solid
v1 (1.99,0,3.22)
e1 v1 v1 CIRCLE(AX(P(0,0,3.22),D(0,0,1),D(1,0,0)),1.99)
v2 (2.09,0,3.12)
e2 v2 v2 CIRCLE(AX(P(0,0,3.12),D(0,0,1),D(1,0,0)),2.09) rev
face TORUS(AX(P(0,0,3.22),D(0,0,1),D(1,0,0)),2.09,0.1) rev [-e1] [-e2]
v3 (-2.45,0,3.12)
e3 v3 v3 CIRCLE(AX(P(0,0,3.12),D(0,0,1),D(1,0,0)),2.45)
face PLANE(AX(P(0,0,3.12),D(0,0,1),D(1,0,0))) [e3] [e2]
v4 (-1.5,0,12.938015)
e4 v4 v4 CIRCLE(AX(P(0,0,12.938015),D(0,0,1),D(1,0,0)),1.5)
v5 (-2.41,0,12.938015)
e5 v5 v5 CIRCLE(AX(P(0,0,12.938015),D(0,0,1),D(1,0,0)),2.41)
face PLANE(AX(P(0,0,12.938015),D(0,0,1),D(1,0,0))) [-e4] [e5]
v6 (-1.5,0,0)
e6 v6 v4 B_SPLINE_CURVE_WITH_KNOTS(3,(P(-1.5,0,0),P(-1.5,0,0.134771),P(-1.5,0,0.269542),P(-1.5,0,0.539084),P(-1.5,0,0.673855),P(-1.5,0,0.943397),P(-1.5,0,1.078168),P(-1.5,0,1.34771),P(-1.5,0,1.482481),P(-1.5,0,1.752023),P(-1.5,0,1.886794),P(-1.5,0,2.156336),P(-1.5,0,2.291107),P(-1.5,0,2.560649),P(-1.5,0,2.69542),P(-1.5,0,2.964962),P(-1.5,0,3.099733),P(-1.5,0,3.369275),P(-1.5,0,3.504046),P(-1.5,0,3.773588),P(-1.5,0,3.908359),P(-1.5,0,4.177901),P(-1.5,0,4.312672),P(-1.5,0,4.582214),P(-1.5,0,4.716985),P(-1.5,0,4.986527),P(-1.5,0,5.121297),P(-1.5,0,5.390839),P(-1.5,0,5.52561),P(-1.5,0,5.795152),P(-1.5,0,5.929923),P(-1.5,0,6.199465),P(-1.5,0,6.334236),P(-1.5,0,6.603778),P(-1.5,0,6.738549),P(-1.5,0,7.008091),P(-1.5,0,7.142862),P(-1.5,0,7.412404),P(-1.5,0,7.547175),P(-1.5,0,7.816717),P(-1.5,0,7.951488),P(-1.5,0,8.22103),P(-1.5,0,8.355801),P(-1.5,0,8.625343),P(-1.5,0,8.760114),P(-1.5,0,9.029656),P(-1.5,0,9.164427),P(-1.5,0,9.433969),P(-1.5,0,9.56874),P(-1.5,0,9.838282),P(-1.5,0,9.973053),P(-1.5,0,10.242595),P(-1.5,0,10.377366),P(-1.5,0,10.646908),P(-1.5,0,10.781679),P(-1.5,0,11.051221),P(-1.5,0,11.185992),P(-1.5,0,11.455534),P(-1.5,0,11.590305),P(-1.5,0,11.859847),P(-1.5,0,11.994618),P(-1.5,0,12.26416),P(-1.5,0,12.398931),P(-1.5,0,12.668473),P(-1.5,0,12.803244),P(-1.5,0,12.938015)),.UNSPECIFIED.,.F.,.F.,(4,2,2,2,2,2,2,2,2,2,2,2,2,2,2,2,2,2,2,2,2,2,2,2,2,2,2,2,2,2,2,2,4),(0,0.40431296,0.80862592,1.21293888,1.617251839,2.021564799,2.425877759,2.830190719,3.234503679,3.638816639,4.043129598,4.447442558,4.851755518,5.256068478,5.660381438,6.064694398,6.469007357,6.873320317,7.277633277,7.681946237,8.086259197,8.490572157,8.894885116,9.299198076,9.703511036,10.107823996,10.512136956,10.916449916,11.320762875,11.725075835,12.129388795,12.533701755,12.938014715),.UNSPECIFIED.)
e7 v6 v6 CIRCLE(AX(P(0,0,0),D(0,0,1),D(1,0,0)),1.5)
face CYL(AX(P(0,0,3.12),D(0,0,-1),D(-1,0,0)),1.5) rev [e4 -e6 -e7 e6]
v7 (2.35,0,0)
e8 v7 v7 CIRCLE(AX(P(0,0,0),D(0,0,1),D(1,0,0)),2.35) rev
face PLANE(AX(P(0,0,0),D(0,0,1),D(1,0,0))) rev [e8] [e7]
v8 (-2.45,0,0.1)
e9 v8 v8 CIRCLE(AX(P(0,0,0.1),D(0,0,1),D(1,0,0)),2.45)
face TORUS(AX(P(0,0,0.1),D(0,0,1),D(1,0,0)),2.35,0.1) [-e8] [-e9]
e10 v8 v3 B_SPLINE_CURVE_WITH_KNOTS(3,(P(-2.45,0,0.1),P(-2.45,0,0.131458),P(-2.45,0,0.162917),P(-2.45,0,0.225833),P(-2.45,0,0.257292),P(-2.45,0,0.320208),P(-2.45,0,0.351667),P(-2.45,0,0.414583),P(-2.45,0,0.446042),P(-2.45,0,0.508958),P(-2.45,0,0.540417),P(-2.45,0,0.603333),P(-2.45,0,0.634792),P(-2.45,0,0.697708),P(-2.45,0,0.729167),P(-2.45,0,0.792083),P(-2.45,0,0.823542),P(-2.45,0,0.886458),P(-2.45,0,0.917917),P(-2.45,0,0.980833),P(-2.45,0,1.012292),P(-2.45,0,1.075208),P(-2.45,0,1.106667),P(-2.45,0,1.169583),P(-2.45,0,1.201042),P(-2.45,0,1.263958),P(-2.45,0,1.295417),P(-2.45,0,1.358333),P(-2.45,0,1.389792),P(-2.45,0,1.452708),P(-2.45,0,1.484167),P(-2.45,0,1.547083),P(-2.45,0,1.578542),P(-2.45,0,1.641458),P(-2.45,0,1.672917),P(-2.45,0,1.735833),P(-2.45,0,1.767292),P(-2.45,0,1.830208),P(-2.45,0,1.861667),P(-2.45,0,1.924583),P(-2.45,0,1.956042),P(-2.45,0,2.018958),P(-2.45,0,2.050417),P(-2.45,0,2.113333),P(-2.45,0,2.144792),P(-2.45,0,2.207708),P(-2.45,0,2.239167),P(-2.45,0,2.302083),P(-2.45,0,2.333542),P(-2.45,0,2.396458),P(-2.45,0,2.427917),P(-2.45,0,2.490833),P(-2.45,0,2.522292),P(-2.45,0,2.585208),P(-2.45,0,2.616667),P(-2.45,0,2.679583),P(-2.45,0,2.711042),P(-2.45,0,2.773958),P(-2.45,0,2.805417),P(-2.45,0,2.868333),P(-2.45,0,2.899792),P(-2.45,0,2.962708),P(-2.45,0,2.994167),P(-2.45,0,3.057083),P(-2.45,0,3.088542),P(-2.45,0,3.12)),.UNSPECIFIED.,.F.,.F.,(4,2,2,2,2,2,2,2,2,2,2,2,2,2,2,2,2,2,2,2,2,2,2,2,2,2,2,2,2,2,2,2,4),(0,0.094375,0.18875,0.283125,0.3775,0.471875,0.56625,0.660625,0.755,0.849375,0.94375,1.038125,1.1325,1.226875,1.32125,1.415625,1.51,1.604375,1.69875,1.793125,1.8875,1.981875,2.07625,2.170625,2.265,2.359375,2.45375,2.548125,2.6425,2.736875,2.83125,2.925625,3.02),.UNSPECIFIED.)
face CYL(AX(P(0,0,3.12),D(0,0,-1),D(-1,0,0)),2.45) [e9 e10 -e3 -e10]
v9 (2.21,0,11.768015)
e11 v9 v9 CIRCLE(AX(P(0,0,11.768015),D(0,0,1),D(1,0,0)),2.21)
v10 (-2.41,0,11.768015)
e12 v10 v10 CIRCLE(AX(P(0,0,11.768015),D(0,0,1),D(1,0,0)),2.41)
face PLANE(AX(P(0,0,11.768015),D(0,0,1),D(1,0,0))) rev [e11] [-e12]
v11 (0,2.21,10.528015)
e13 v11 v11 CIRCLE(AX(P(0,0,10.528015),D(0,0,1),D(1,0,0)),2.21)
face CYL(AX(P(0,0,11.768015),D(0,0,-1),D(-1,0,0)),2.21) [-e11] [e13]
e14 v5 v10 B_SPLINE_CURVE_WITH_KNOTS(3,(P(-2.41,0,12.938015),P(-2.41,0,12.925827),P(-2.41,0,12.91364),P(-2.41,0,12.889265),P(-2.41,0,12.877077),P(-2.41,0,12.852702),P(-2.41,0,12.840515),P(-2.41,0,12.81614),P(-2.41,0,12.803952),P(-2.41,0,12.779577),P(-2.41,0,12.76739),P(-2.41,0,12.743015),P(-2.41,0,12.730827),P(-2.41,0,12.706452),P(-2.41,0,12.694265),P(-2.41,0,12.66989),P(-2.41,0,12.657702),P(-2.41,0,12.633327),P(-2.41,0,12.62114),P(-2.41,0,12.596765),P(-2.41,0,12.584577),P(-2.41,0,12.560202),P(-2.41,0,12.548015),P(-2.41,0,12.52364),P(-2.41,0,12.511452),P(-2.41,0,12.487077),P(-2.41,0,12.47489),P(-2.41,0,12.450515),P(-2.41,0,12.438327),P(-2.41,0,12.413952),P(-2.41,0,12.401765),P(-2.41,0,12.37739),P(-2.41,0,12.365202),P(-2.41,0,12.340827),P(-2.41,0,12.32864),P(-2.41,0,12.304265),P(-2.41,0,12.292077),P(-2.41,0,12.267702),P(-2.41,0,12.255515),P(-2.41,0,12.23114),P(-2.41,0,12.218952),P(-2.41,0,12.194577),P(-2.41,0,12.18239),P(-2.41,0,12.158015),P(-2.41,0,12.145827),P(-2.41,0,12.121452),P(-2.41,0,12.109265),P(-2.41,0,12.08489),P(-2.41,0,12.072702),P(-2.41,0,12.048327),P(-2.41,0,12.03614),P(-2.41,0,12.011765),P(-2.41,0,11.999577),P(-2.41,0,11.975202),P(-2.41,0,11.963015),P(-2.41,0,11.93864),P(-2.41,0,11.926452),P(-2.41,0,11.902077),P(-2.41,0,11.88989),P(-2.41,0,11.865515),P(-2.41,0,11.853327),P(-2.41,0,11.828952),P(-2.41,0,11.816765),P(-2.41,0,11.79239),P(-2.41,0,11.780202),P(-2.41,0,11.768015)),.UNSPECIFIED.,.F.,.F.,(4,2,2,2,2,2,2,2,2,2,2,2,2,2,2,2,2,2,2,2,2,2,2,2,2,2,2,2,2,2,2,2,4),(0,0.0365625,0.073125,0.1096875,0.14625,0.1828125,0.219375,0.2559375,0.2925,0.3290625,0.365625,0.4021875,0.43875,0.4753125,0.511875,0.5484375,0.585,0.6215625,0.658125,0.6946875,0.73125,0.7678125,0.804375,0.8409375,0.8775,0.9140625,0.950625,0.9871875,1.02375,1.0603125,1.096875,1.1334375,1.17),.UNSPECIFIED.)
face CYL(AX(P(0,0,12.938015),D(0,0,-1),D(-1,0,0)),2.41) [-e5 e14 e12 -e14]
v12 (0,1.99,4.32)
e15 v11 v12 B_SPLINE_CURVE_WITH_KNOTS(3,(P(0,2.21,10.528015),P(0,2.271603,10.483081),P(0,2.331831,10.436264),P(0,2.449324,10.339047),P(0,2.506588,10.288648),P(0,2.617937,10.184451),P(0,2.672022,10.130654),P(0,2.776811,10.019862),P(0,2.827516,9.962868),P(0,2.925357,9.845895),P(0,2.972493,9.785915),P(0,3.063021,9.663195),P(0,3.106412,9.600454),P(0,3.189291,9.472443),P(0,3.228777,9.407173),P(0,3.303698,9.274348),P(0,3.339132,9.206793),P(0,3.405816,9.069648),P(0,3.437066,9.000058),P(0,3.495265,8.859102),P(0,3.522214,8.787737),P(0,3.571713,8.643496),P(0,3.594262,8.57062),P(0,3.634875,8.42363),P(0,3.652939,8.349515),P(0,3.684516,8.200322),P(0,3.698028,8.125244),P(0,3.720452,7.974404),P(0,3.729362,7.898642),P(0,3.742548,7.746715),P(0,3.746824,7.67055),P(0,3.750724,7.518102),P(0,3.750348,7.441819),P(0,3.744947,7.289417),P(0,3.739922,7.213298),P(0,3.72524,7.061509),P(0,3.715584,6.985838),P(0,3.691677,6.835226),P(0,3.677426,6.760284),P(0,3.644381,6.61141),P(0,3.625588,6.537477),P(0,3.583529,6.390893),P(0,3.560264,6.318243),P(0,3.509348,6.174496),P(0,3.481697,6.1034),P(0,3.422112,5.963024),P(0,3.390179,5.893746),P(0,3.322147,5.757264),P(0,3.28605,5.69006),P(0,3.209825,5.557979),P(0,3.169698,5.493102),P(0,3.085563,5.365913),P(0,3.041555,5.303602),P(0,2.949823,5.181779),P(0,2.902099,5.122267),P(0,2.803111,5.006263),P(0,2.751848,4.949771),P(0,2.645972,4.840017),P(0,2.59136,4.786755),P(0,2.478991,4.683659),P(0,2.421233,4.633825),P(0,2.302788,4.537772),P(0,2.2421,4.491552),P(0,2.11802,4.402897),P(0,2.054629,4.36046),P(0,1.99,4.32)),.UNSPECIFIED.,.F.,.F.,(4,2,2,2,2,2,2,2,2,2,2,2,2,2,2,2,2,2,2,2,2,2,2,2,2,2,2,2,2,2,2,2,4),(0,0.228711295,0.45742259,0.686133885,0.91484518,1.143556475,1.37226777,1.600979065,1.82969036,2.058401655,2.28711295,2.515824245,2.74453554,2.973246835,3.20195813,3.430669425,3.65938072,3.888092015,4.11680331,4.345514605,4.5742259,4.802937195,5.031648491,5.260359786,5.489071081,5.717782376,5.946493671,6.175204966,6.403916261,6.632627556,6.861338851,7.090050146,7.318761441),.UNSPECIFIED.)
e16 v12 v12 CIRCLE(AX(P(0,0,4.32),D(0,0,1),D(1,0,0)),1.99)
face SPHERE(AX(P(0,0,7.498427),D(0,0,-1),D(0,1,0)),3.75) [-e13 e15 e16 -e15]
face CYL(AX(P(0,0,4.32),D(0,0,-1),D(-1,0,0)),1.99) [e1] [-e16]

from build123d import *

# Parameters (mm, degrees)
SKETCH1_R           = 2.45
SKETCH1_R_2         = 1.5
BOSS_EXTRUDE1_DEPTH = 3.12
SKETCH2_R           = 1.99
SKETCH2_R_2         = 1.5
BOSS_EXTRUDE2_DEPTH = 1.2
FILLET1_R           = 0.1
CUT_EXTRUDE1_START  = -8.2
SKETCH5_R           = 1.5
CUT_EXTRUDE1_DEPTH  = 8.2
SKETCH6_R           = 2.21
SKETCH6_R_2         = 1.5
BOSS_EXTRUDE3_DEPTH = 1.24
SKETCH7_R           = 2.41
SKETCH7_R_2         = 1.5
BOSS_EXTRUDE4_DEPTH = 1.17


with BuildPart() as part:
    # Sketch1 → Boss-Extrude1 (new body)
    with BuildSketch(Plane.XY):
        with Locations(Location((0, 0, 0), (0, 0, 180))):
            Circle(SKETCH1_R)
        with Locations(Location((0, 0, 0), (0, 0, 180))):
            Circle(SKETCH1_R_2, mode=Mode.SUBTRACT)
    extrude(amount=BOSS_EXTRUDE1_DEPTH)

    # Sketch2 → Boss-Extrude2 (add)
    with BuildSketch(Plane.XY.offset(3.12)):
        Circle(SKETCH2_R)
        with Locations(Location((0, 0, 0), (0, 0, 180))):
            Circle(SKETCH2_R_2, mode=Mode.SUBTRACT)
    extrude(amount=BOSS_EXTRUDE2_DEPTH)

    # Fillet1
    fillet1_edges = [part.edges().sort_by_distance(p)[0] for p in [
        (-1.99, 0, 3.12),
        (2.45, 0, 0),
    ]]
    fillet(fillet1_edges, radius=FILLET1_R)

    # Sketch3 → Revolve1 (revolve)
    with BuildSketch(Plane(origin=(0, 0, 0), x_dir=(0, 0, -1), z_dir=(1, 0, 0))):
        with BuildLine():
            Line((-4.32, 0), (-4.32, 1.99))
            ThreePointArc((-4.32, 1.99), (-7.365617926, 3.747647485), (-10.528014715, 2.21))
            Line((-10.528014715, 2.21), (-10.528014715, 0))
            Line((-10.528014715, 0), (-4.32, 0))
        make_face()
    revolve(axis=Axis((0, 0, 4.32), (0, 0, 1)))

    # Sketch5 → Cut-Extrude1 (cut)
    with BuildSketch(Plane.XY.offset(10.528014715).offset(CUT_EXTRUDE1_START)):
        with Locations(Location((0, 0, 0), (0, 0, 180))):
            Circle(SKETCH5_R)
    extrude(amount=CUT_EXTRUDE1_DEPTH, mode=Mode.SUBTRACT)

    # Sketch6 → Boss-Extrude3 (add)
    with BuildSketch(Plane.XY.offset(10.528014715)):
        with Locations(Location((0, 0, 0), (0, 0, 90))):
            Circle(SKETCH6_R)
        with Locations(Location((0, 0, 0), (0, 0, 180))):
            Circle(SKETCH6_R_2, mode=Mode.SUBTRACT)
    extrude(amount=BOSS_EXTRUDE3_DEPTH)

    # Sketch7 → Boss-Extrude4 (add)
    with BuildSketch(Plane.XY.offset(11.768014715)):
        with Locations(Location((0, 0, 0), (0, 0, 180))):
            Circle(SKETCH7_R)
        with Locations(Location((0, 0, 0), (0, 0, 180))):
            Circle(SKETCH7_R_2, mode=Mode.SUBTRACT)
    extrude(amount=BOSS_EXTRUDE4_DEPTH)


solid = part.part
